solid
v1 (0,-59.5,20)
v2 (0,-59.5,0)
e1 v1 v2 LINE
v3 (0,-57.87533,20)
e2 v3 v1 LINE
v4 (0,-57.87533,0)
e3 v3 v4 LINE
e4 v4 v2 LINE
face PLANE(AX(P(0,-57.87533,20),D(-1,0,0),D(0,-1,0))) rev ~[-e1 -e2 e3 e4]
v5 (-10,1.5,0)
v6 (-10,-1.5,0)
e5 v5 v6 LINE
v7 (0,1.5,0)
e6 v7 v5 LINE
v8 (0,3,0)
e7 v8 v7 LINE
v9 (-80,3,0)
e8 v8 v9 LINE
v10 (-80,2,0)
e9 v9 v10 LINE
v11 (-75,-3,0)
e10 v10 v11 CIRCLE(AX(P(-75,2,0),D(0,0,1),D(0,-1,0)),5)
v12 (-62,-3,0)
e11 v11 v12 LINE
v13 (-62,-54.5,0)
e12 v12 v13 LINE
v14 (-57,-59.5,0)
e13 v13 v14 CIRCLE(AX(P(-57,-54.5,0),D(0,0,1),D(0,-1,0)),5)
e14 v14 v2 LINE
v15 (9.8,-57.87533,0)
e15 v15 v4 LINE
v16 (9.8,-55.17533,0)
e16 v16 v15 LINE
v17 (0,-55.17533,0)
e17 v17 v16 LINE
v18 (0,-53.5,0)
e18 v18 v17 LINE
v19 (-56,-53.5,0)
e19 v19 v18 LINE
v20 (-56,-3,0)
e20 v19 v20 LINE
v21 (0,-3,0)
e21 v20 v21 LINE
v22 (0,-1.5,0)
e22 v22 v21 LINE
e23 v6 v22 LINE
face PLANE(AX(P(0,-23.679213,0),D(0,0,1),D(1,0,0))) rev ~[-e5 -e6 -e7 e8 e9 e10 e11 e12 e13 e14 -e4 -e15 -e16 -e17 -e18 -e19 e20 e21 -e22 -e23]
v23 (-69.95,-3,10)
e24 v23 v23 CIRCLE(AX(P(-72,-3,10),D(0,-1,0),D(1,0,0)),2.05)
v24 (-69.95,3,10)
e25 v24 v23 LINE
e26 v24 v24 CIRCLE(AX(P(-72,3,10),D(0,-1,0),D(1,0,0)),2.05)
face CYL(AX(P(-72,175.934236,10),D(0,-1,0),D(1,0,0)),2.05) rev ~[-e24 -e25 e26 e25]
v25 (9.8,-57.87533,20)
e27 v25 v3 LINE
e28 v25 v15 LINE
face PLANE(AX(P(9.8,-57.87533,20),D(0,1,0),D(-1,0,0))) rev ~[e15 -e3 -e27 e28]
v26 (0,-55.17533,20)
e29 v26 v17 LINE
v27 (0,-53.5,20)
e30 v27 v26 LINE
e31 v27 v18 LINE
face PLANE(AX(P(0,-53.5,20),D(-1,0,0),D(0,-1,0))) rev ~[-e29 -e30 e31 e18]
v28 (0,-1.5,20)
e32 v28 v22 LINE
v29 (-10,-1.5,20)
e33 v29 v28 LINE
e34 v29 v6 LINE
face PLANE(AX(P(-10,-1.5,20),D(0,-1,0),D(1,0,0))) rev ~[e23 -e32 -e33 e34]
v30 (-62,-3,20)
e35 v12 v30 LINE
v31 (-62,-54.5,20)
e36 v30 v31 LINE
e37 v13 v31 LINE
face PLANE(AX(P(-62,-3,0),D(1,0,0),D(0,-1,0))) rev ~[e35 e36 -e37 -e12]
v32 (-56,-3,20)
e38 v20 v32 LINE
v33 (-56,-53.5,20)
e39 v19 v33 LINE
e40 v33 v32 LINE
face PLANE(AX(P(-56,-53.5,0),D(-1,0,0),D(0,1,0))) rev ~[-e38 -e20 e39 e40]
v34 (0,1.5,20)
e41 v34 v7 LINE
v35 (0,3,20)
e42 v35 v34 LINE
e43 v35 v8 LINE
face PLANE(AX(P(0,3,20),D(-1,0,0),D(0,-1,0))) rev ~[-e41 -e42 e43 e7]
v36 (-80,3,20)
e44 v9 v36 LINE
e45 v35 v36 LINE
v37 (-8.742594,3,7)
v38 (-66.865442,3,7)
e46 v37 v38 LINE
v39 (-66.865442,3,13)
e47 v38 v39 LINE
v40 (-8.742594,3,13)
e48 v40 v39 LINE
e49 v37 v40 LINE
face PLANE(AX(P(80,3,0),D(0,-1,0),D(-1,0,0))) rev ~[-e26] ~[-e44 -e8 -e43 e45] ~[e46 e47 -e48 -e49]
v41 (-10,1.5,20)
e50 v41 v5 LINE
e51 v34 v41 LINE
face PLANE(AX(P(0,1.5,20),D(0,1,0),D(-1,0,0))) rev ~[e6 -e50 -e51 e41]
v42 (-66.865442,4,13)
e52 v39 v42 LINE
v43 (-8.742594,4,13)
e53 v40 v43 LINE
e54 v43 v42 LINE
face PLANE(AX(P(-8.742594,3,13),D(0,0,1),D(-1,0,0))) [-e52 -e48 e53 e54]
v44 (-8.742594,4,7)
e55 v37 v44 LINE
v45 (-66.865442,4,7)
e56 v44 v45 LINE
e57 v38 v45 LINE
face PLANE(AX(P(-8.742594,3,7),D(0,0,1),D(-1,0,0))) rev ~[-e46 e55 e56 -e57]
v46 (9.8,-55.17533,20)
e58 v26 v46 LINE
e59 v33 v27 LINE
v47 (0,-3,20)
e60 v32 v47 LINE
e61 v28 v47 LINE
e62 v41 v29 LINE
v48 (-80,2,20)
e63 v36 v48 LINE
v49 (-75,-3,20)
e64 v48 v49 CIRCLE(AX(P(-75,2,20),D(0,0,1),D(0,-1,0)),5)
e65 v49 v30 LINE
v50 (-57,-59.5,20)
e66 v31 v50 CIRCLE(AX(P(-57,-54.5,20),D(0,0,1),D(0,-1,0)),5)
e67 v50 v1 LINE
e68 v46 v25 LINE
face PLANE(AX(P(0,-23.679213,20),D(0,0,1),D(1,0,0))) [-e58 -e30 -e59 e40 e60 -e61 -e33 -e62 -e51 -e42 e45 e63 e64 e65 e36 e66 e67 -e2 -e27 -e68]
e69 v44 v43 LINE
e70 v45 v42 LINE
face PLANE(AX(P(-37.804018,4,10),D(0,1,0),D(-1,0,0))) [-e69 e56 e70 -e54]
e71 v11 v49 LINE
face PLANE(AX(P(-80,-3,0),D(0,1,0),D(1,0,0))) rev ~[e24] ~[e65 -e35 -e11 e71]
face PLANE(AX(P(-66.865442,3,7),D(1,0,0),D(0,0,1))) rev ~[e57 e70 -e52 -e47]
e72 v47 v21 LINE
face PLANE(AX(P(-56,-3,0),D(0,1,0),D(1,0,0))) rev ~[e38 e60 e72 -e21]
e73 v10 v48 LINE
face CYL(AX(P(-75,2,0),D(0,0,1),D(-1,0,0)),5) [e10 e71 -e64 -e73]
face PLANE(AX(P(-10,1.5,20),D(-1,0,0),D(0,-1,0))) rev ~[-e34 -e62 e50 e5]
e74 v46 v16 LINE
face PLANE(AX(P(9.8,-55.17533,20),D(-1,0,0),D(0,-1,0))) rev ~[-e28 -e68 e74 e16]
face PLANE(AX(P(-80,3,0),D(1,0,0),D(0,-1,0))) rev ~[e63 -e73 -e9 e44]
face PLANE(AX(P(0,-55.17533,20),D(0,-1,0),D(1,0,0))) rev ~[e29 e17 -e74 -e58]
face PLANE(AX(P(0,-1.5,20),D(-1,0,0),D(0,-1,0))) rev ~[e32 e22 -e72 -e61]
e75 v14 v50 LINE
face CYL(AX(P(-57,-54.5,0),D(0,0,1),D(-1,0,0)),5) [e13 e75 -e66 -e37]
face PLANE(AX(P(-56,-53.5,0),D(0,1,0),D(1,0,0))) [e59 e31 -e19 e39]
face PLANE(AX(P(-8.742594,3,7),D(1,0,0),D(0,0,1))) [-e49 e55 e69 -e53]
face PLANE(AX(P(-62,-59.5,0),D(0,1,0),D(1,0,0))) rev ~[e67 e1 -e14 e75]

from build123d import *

# Parameters (mm, degrees)
F0_W     = 112
F0_H     = 50.5
F1_DEPTH = 20
F2_R     = 5
F4_D     = 4.1
F6_DEPTH = 20
F7_W     = 58.122847
F7_H     = 6
F8_DEPTH = 1


with BuildPart() as f1:
    # F0 (on Top) → F1 (new body)
    with BuildSketch(Plane.XY):
        Polygon((80, 3), (-80, 3), (-80, -3), (-62, -3), (-62, -59.5), (62, -59.5), (62, -3), (80, -3), align=None)
        with Locations((0, -28.25)):
            Rectangle(F0_W, F0_H, mode=Mode.SUBTRACT)
    extrude(amount=F1_DEPTH)

    # F2
    f2_edges = [f1.edges().sort_by_distance(p)[0] for p in [
        (62, -59.5, 10),
        (-62, -59.5, 10),
        (-80, -3, 10),
        (80, -3, 10),
    ]]
    fillet(f2_edges, radius=F2_R)

    # F4 (through all)
    with Locations(Plane(origin=(0, 3, 0), x_dir=(-1, 0, 0), z_dir=(0, 1, 0))):
        with Locations((-72, 10), (72, 10)):
            Hole(F4_D / 2)

    # F5 (on face) → F6 (cut, through all)
    with BuildSketch(Plane.XY.offset(20)):
        with BuildLine():
            Line((0, -55.17533), (9.8, -55.17533))
            Line((9.8, -55.17533), (9.8, -57.87533))
            Line((9.8, -57.87533), (0, -57.87533))
            Line((0, -57.87533), (0, -59.5))
            Line((0, -59.5), (57, -59.5))
            ThreePointArc((57, -59.5), (60.535534, -58.035534), (62, -54.5))
            Line((62, -54.5), (62, -3))
            Line((62, -3), (75, -3))
            ThreePointArc((75, -3), (78.535534, -1.535534), (80, 2))
            Line((80, 2), (80, 3))
            Line((80, 3), (0, 3))
            Line((0, 3), (0, 1.5))
            Line((0, 1.5), (-10, 1.5))
            Line((-10, 1.5), (-10, -1.5))
            Line((-10, -1.5), (0, -1.5))
            Line((0, -1.5), (0, -3))
            Line((0, -3), (56, -3))
            Line((56, -3), (56, -53.5))
            Line((56, -53.5), (0, -53.5))
            Line((0, -53.5), (0, -55.17533))
        make_face()
    extrude(amount=-F6_DEPTH, mode=Mode.SUBTRACT)

    # F7 (on face) → F8 (join)
    with BuildSketch(Plane(origin=(0, 3, 0), x_dir=(-1, 0, 0), z_dir=(0, 1, 0))):
        with Locations((37.804018, 10)):
            Rectangle(F7_W, F7_H)
    extrude(amount=F8_DEPTH)


solid = f1.part
